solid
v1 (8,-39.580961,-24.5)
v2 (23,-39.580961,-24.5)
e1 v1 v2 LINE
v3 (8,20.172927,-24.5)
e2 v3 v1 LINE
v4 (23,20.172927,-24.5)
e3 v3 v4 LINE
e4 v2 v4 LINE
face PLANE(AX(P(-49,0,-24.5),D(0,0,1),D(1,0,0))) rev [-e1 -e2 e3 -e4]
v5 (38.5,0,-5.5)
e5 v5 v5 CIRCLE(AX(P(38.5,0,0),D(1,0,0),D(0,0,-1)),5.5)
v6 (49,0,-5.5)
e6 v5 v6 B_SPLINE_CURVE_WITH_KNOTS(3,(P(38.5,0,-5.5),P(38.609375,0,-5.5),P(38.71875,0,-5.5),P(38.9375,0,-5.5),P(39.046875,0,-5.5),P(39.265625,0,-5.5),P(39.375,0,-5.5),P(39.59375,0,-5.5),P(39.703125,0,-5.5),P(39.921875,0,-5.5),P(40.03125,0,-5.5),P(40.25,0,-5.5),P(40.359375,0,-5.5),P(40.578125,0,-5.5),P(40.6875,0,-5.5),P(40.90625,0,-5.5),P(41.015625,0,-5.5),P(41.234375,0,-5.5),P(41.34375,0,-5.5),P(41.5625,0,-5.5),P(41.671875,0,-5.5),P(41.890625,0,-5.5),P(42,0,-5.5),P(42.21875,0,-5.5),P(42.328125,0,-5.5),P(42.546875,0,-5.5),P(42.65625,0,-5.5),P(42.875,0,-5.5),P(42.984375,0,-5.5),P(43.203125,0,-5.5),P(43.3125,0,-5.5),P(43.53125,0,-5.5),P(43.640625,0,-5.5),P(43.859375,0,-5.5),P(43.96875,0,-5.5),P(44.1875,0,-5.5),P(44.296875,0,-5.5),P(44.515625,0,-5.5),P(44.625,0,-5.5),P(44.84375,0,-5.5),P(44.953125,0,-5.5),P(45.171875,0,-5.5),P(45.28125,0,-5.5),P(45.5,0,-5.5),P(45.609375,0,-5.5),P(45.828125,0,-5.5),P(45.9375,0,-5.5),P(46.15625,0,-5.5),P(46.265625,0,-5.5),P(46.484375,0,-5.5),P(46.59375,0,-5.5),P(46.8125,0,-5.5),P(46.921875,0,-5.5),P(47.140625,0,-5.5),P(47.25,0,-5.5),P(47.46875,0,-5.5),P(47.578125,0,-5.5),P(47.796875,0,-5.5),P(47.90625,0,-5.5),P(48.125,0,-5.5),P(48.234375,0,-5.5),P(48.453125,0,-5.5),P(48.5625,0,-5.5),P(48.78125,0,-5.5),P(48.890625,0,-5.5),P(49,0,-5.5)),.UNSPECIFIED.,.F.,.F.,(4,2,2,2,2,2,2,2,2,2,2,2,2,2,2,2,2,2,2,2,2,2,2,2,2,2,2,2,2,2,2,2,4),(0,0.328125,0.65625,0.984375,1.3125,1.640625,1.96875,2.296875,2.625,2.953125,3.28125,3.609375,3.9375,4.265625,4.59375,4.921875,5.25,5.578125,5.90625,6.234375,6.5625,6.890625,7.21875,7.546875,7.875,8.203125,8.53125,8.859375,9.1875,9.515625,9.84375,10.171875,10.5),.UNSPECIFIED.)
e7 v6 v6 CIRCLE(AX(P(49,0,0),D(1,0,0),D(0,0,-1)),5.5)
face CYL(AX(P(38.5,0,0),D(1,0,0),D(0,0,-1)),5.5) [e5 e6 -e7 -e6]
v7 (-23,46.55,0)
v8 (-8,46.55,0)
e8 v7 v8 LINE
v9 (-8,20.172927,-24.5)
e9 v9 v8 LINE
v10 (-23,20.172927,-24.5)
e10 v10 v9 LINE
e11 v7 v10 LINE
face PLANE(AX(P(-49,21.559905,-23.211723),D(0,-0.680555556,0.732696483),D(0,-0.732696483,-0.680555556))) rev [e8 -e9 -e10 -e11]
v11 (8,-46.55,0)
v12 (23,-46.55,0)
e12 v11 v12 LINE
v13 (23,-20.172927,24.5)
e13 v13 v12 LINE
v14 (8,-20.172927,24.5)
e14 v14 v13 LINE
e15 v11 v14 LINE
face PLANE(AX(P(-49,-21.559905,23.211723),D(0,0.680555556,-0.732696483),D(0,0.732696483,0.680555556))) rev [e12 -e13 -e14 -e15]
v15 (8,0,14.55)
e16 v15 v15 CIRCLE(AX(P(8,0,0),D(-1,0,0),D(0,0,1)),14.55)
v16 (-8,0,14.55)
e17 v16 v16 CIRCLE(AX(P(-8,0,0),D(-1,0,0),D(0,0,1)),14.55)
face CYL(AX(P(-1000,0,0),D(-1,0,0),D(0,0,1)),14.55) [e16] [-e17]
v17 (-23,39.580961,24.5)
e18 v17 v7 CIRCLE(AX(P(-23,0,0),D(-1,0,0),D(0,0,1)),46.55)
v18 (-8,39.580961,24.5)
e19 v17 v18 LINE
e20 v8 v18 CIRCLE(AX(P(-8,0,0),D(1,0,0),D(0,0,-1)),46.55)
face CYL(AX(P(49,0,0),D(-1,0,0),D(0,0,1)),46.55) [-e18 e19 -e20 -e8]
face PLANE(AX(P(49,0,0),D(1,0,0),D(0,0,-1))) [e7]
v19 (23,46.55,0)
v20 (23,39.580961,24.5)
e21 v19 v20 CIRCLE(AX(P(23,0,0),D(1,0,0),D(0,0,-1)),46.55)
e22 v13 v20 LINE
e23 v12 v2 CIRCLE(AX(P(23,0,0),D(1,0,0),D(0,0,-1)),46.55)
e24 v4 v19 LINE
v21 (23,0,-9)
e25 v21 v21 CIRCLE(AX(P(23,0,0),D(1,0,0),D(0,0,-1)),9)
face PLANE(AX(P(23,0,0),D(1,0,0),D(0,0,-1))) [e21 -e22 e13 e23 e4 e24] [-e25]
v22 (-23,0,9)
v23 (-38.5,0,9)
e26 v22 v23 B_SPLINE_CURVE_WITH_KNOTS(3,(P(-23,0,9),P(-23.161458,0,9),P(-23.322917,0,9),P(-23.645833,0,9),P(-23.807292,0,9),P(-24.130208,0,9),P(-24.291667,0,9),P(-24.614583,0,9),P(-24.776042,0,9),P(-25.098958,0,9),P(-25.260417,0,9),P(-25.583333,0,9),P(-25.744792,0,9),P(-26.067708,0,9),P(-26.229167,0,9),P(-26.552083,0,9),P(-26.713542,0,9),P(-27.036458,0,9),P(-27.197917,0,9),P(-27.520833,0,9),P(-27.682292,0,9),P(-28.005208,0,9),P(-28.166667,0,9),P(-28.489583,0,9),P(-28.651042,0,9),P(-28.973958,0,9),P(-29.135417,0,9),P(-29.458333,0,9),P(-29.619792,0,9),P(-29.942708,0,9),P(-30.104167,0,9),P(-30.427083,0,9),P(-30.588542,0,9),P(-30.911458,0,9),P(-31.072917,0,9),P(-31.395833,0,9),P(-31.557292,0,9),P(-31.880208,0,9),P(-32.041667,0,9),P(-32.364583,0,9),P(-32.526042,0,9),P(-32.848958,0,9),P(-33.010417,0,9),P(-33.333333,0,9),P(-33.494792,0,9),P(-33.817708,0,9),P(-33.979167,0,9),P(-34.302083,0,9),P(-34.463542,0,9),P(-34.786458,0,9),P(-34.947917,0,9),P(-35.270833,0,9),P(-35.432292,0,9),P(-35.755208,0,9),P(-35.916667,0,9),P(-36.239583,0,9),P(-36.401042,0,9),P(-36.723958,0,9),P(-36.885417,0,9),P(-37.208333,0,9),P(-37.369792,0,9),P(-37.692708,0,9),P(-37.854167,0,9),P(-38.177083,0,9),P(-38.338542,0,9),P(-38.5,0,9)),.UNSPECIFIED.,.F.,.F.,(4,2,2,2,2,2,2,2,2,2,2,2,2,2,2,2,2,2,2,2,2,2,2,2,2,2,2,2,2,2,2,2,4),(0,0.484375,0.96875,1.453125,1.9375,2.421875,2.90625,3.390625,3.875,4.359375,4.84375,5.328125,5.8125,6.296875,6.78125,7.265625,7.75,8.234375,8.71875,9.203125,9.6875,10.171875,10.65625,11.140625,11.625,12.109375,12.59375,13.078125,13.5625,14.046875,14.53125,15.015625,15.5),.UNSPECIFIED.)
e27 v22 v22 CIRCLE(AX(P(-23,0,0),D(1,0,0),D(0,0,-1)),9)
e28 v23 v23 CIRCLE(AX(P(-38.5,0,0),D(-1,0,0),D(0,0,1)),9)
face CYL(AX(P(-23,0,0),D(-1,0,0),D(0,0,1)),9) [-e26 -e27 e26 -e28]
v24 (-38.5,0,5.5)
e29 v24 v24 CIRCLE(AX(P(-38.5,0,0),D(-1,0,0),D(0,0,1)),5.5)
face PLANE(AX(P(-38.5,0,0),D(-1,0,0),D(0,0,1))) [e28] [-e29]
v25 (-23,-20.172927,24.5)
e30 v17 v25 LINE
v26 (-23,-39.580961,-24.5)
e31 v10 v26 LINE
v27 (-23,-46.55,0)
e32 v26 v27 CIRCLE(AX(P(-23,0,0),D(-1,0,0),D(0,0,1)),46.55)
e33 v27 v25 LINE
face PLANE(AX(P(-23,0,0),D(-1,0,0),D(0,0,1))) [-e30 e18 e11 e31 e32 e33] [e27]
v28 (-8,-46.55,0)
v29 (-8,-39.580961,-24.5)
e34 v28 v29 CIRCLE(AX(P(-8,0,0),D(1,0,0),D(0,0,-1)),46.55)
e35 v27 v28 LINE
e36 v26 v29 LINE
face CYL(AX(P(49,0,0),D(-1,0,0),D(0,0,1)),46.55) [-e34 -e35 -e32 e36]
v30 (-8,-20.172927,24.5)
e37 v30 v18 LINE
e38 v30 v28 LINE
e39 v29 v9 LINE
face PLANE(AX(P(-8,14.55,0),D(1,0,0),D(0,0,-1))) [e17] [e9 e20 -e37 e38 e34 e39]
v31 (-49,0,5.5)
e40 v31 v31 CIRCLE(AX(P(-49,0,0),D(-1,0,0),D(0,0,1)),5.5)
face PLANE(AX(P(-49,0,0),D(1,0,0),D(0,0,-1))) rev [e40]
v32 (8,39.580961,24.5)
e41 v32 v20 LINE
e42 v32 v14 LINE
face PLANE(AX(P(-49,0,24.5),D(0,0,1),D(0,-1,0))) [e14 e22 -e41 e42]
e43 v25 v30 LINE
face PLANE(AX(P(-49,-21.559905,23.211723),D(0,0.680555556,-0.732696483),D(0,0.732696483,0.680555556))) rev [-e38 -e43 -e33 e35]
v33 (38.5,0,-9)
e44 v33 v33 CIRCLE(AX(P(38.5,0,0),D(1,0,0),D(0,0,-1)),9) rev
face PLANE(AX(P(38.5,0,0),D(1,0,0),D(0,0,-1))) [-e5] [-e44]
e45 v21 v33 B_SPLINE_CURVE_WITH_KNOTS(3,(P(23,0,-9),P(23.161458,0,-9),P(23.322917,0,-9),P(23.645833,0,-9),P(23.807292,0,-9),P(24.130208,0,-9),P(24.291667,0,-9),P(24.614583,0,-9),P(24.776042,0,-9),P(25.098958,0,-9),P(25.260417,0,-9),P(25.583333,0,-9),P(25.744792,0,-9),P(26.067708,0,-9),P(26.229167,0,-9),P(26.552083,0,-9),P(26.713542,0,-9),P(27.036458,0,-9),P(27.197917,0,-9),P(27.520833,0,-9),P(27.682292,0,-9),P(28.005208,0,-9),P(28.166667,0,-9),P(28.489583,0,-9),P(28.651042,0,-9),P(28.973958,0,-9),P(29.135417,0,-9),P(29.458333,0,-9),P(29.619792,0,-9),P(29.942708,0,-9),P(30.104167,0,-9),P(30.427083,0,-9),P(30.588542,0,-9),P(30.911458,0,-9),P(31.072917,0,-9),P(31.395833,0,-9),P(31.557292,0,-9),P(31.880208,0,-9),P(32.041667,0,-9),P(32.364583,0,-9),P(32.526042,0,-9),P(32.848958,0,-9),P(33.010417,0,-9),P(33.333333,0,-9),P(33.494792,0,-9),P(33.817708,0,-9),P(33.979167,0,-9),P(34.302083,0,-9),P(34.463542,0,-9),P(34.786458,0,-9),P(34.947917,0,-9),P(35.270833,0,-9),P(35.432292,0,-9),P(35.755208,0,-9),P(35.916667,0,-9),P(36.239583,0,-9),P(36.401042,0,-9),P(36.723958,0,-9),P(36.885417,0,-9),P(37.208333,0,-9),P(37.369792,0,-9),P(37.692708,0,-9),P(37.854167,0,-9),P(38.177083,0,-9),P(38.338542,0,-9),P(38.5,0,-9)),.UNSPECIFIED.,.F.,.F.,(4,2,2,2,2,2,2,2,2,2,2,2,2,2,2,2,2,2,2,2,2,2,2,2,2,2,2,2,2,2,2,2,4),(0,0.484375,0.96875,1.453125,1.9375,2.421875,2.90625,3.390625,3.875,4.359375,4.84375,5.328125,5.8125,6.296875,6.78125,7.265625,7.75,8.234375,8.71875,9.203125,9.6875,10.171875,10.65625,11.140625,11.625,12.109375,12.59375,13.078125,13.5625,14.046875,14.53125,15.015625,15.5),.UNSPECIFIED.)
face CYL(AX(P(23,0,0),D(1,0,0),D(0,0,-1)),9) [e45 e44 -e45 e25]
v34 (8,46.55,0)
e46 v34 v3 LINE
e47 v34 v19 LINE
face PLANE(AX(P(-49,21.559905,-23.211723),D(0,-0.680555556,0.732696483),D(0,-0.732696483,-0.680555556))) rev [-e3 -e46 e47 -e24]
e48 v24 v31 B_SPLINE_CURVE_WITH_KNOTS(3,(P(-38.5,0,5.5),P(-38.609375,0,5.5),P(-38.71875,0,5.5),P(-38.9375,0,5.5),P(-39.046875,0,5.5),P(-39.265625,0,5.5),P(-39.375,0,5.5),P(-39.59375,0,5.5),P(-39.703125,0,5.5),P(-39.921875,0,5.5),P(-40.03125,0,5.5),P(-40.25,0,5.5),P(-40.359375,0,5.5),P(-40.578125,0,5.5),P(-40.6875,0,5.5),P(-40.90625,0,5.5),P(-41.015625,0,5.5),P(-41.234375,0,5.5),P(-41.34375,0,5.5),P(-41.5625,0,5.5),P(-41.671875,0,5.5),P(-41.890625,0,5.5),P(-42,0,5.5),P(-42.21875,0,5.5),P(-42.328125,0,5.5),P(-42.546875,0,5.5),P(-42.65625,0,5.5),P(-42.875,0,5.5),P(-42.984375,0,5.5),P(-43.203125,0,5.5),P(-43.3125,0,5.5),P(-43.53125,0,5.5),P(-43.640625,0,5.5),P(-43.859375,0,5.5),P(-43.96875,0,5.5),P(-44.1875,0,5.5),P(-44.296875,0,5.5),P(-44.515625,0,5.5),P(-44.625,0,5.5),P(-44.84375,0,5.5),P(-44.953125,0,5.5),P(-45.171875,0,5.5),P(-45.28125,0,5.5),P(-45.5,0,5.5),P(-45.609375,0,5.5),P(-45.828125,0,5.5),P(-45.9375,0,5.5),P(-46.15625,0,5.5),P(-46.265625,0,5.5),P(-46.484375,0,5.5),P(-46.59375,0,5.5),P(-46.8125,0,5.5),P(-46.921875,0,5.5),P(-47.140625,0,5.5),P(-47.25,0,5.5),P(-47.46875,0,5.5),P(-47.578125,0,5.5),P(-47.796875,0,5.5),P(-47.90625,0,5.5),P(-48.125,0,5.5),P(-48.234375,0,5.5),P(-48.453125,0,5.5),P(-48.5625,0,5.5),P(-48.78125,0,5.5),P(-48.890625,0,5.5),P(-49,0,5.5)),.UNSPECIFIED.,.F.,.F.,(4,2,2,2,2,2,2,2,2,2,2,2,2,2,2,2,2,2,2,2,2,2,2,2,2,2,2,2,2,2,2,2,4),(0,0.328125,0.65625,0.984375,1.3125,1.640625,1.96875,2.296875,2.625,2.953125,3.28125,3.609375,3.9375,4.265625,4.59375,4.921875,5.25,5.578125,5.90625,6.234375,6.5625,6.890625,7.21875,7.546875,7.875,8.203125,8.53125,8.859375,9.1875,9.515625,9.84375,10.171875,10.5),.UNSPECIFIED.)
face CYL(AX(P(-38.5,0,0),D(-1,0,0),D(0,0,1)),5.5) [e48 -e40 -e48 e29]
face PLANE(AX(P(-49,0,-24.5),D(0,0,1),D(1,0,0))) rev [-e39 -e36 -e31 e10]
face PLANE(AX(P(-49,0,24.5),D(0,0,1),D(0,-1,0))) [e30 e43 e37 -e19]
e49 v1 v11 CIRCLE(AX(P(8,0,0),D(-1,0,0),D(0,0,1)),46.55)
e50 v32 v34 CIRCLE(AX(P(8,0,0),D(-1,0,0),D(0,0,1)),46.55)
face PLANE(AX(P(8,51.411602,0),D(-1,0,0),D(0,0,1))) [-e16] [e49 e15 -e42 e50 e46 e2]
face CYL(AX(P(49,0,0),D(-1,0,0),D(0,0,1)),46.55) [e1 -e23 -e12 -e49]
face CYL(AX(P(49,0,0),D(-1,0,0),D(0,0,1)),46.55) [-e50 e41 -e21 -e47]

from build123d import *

# Parameters (mm, degrees)
ESBO_O1_R                  = 46.55
RESSALTO_EXTRUS_O1_DEPTH   = 49
CORTE_EXTRUS_O2_DEPTH      = 83.0658577
CORTE_EXTRUS_O2_DEPTH_BACK = 83.0658577
CORTE_EXTRUS_O10_START     = -49
ESBO_O3_OUTSIDE_W          = 79.756
ESBO_O3_OUTSIDE_H          = 123.856
ESBO_O3_OUTSIDE_R          = 9
CORTE_EXTRUS_O10_DEPTH     = 26
CORTE_EXTRUS_O11_START     = 49
ESBO_O6_OUTSIDE_W          = 79.756
ESBO_O6_OUTSIDE_H          = 123.856
ESBO_O6_OUTSIDE_R          = 9
CORTE_EXTRUS_O11_DEPTH     = 26
ESBO_O7_OUTSIDE_W          = 79.756
ESBO_O7_OUTSIDE_H          = 123.856
ESBO_O7_OUTSIDE_R          = 5.5
CORTE_EXTRUS_O12_DEPTH     = 10.5
ESBO_O8_OUTSIDE_W          = 79.756
ESBO_O8_OUTSIDE_H          = 123.856
ESBO_O8_OUTSIDE_R          = 5.5
CORTE_EXTRUS_O13_DEPTH     = 10.5
ESBO_O9_W                  = 16
ESBO_O9_H                  = 36.861601527


with BuildPart() as part:
    # Esboço1 → Ressalto-extrusão1 (new, symmetric)
    with BuildSketch(Plane(origin=(0, 0, 0), x_dir=(0, 0, -1), z_dir=(1, 0, 0))):
        Circle(ESBO_O1_R)
    extrude(amount=RESSALTO_EXTRUS_O1_DEPTH, both=True)

    # Esboço2 → Corte-extrusão2 (cut, two sides: drawn at the far end of the back side and taken through both)
    with BuildSketch(Plane(origin=(0, 0, 0), x_dir=(0, 0, -1), z_dir=(1, 0, 0)).offset(-CORTE_EXTRUS_O2_DEPTH_BACK)):
        with BuildLine():
            Line((-24.5, -20.172926622), (-24.5, 39.580961332))
            ThreePointArc((-24.5, 39.580961332), (-46.55, 0), (-24.5, -39.580961332))
            Line((-24.5, -39.580961332), (-24.5, -20.172926622))
        make_face()
        with BuildLine():
            ThreePointArc((-24.5, -39.580961332), (-12.735948139, -44.773855374), (0, -46.55))
            Line((0, -46.55), (-24.5, -20.172926622))
            Line((-24.5, -20.172926622), (-24.5, -39.580961332))
        make_face()
        with BuildLine():
            ThreePointArc((46.55, 0), (40.665572048, 22.654221461), (24.5, 39.580961332))
            Line((24.5, 39.580961332), (24.5, 20.172926622))
            Line((24.5, 20.172926622), (24.5, -39.580961332))
            ThreePointArc((24.5, -39.580961332), (40.665572048, -22.654221461), (46.55, 0))
        make_face()
        with BuildLine():
            Line((24.5, 20.172926622), (24.5, 39.580961332))
            ThreePointArc((24.5, 39.580961332), (12.735948139, 44.773855374), (0, 46.55))
            Line((0, 46.55), (24.5, 20.172926622))
        make_face()
    extrude(amount=CORTE_EXTRUS_O2_DEPTH + CORTE_EXTRUS_O2_DEPTH_BACK, mode=Mode.SUBTRACT)

    # Esboço3 outside → Corte-extrusão10 (cut)
    with BuildSketch(Plane(origin=(0, 0, 0), x_dir=(0, 0, -1), z_dir=(1, 0, 0)).offset(CORTE_EXTRUS_O10_START)):
        Rectangle(ESBO_O3_OUTSIDE_W, ESBO_O3_OUTSIDE_H)
        with Locations(Location((0, 0, 0), (0, 0, 180))):
            Circle(ESBO_O3_OUTSIDE_R, mode=Mode.SUBTRACT)
    extrude(amount=CORTE_EXTRUS_O10_DEPTH, mode=Mode.SUBTRACT)

    # Esboço6 outside → Corte-extrusão11 (cut)
    with BuildSketch(Plane(origin=(0, 0, 0), x_dir=(0, 0, -1), z_dir=(1, 0, 0)).offset(CORTE_EXTRUS_O11_START)):
        Rectangle(ESBO_O6_OUTSIDE_W, ESBO_O6_OUTSIDE_H)
        with Locations(Location((0, 0, 0), (0, 0, 180))):
            Circle(ESBO_O6_OUTSIDE_R, mode=Mode.SUBTRACT)
    extrude(amount=-CORTE_EXTRUS_O11_DEPTH, mode=Mode.SUBTRACT)

    # Esboço7 outside → Corte-extrusão12 (cut)
    with BuildSketch(Plane(origin=(49, 0, 0), x_dir=(0, 0, -1), z_dir=(1, 0, 0))):
        Rectangle(ESBO_O7_OUTSIDE_W, ESBO_O7_OUTSIDE_H)
        Circle(ESBO_O7_OUTSIDE_R, mode=Mode.SUBTRACT)
    extrude(amount=-CORTE_EXTRUS_O12_DEPTH, mode=Mode.SUBTRACT)

    # Esboço8 outside → Corte-extrusão13 (cut)
    with BuildSketch(Plane.ZY.offset(49)):
        Rectangle(ESBO_O8_OUTSIDE_W, ESBO_O8_OUTSIDE_H)
        with Locations(Location((0, 0, 0), (0, 0, 180))):
            Circle(ESBO_O8_OUTSIDE_R, mode=Mode.SUBTRACT)
    extrude(amount=-CORTE_EXTRUS_O13_DEPTH, mode=Mode.SUBTRACT)

    # Esboço9 → Corte-Revolução1 (revolve, cut)
    with BuildSketch(Plane.XY, mode=Mode.PRIVATE) as corte_revolu_o1_sk:
        with Locations((0, 32.980800763)):
            Rectangle(ESBO_O9_W, ESBO_O9_H)
    revolve(corte_revolu_o1_sk.sketch.rotate(Axis((-1000, 0, 0), (1, 0, 0)), 90), axis=Axis((-1000, 0, 0), (1, 0, 0)), mode=Mode.SUBTRACT)


solid = part.part
